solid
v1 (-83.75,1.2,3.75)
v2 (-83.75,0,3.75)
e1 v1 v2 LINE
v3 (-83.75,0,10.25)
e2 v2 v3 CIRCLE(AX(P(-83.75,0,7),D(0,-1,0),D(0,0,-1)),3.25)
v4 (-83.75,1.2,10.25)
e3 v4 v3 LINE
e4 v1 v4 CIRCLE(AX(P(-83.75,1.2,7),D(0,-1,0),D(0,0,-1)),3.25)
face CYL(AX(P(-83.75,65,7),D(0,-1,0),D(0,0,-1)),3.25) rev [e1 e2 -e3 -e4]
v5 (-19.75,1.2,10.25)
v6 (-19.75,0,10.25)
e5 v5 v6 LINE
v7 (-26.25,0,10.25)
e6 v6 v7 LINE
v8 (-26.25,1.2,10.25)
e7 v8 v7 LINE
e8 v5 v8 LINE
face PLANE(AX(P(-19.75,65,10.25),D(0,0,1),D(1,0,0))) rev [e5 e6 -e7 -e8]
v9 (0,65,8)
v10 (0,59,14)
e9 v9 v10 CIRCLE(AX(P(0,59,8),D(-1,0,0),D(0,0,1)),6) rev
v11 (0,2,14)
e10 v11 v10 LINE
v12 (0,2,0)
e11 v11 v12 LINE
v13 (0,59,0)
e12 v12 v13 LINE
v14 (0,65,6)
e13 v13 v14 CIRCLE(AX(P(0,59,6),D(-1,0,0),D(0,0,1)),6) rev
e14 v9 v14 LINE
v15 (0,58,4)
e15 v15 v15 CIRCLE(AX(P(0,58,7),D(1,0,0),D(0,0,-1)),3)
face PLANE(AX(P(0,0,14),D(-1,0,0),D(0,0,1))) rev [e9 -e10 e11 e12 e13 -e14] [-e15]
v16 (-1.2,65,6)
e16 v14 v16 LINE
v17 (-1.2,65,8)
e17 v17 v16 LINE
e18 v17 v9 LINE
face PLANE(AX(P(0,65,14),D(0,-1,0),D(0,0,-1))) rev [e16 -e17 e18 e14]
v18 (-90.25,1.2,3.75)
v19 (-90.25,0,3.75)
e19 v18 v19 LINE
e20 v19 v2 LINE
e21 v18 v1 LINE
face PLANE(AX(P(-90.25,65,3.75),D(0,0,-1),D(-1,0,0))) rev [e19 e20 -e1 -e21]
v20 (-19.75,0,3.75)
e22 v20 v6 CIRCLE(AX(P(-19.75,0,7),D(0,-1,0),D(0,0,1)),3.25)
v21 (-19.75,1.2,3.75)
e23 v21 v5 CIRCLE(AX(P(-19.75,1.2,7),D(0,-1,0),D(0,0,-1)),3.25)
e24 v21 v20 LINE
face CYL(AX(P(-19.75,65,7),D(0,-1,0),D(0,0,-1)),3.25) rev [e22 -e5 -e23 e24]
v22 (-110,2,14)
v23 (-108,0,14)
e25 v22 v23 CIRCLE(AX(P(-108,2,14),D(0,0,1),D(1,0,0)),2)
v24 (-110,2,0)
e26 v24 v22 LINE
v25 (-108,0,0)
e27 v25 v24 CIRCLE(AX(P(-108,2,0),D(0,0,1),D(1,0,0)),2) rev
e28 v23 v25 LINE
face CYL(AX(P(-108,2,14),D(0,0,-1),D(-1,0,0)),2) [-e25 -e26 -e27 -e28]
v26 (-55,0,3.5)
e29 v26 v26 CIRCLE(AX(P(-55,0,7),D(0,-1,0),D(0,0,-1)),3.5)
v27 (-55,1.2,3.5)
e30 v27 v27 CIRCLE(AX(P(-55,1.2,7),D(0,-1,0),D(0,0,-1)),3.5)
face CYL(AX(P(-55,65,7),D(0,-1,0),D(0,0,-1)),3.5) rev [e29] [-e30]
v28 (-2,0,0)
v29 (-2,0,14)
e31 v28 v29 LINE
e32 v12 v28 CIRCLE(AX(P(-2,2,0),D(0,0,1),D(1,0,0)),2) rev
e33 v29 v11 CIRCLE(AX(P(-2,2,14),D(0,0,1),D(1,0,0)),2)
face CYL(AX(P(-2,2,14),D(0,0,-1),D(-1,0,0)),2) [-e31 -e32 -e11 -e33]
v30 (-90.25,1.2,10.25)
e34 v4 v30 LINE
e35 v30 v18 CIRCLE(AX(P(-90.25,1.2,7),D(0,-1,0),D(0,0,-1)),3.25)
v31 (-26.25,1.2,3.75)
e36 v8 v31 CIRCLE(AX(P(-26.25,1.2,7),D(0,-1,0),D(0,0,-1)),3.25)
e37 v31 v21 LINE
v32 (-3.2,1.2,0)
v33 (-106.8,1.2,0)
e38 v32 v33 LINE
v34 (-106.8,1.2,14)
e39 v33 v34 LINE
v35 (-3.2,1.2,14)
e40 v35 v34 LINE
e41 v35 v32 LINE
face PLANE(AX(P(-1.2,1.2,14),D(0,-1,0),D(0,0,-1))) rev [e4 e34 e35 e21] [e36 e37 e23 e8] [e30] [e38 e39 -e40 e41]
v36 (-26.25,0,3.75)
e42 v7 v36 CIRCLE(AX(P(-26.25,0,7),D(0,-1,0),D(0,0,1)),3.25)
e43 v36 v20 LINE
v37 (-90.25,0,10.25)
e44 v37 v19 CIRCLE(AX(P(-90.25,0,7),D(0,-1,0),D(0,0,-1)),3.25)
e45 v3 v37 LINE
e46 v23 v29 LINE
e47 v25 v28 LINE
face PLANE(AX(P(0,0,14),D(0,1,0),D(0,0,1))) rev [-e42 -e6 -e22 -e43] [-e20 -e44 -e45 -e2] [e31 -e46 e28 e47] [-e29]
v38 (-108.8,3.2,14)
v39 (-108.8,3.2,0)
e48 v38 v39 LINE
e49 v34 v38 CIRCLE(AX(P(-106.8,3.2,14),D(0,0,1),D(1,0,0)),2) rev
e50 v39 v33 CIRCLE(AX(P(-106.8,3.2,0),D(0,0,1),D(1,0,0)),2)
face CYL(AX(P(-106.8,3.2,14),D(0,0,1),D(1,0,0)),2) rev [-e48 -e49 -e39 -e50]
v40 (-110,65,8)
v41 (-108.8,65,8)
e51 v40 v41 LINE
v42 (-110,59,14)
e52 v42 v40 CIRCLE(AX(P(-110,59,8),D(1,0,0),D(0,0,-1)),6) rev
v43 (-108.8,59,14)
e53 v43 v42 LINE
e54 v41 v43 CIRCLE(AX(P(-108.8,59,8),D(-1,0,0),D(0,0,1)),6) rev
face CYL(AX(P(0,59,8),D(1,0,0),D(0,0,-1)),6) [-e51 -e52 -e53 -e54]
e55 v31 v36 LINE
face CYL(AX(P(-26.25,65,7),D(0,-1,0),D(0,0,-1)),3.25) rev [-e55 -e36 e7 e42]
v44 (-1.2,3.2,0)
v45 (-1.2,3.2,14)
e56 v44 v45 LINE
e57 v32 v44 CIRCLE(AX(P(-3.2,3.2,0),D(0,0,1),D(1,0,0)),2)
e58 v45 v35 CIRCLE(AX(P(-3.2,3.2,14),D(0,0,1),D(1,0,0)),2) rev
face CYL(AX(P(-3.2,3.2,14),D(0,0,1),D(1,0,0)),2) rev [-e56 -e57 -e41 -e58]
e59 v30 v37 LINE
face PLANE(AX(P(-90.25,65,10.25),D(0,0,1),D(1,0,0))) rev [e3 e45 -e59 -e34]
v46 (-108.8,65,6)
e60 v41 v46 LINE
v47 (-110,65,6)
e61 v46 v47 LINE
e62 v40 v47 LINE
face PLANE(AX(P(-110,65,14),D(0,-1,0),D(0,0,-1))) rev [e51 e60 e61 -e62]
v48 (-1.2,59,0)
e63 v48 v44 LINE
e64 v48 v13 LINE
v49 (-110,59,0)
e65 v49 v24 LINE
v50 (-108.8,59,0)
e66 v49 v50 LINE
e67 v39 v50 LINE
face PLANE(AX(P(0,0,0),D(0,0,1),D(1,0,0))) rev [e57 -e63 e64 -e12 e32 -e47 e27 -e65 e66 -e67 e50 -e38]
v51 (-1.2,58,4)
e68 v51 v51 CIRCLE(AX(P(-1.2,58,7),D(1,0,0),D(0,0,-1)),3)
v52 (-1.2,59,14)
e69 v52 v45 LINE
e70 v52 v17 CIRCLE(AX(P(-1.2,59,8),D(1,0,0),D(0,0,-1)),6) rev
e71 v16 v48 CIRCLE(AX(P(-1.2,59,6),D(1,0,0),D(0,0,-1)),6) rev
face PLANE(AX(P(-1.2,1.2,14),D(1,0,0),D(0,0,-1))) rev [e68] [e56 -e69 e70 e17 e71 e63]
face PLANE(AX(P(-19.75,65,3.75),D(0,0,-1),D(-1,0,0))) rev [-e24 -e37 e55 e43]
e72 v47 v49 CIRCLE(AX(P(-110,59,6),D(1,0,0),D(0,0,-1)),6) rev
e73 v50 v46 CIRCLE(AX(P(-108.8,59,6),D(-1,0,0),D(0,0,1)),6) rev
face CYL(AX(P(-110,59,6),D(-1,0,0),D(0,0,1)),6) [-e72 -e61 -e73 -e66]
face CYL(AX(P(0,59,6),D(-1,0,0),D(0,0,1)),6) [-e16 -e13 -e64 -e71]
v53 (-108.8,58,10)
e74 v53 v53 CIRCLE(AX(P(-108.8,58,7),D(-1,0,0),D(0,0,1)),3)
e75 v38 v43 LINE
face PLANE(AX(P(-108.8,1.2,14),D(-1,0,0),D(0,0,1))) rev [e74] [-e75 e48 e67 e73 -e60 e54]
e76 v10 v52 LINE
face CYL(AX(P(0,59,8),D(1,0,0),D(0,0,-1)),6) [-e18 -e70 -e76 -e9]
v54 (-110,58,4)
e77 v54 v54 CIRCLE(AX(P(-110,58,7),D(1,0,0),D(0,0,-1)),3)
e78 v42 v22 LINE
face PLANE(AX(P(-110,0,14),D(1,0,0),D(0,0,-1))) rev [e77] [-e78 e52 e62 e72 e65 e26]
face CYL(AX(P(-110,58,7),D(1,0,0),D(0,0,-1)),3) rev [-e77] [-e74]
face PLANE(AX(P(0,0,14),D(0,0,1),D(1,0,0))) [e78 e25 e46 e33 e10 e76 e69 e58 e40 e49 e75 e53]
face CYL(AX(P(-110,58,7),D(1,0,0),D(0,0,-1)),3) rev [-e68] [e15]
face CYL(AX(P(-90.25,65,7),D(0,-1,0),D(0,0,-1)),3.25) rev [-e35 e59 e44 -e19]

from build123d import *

# Parameters (mm, degrees)
AUFSATZ_LINEAR_AUSTRAGEN1_DEPTH = 14
VERRUNDUNG1_R                   = 2
SKIZZE2_R                       = 3
SCHNITT_LINEAR_AUSTRAGEN1_DEPTH = 129.534042183
VERRUNDUNG2_R                   = 6
SKIZZE3_R                       = 3.5
SCHNITT_LINEAR_AUSTRAGEN2_DEPTH = 129.534042183


with BuildPart() as part:
    # Skizze1 → Aufsatz-Linear austragen1 (new body)
    with BuildSketch(Plane.XY):
        Polygon((0, 0), (-110, 0), (-110, 65), (-108.8, 65), (-108.8, 1.2), (-1.2, 1.2), (-1.2, 65), (0, 65), align=None)
    extrude(amount=AUFSATZ_LINEAR_AUSTRAGEN1_DEPTH)

    # Verrundung1
    verrundung1_edges = [part.edges().sort_by_distance(p)[0] for p in [
        (0, 0, 7),
        (-110, 0, 7),
        (-108.8, 1.2, 7),
        (-1.2, 1.2, 7),
    ]]
    fillet(verrundung1_edges, radius=VERRUNDUNG1_R)

    # Skizze2 → Schnitt-Linear austragen1 (cut, through all)
    with BuildSketch(Plane(origin=(0, 0, 0), x_dir=(0, 0, -1), z_dir=(1, 0, 0))):
        with Locations((-7, 58)):
            Circle(SKIZZE2_R)
    extrude(amount=-SCHNITT_LINEAR_AUSTRAGEN1_DEPTH, mode=Mode.SUBTRACT)

    # Verrundung2
    verrundung2_edges = [part.edges().sort_by_distance(p)[0] for p in [
        (-0.6, 65, 0),
        (-109.4, 65, 14),
        (-0.6, 65, 14),
        (-109.4, 65, 0),
    ]]
    fillet(verrundung2_edges, radius=VERRUNDUNG2_R)

    # Skizze3 → Schnitt-Linear austragen2 (cut, through all)
    with BuildSketch(Plane(origin=(0, 0, 0), x_dir=(-1, 0, 0), z_dir=(0, -1, 0))):
        with Locations(Location((55, -7, 0), (0, 0, 90))):
            Circle(SKIZZE3_R)
        with BuildLine():
            Line((90.25, -10.25), (83.75, -10.25))
            ThreePointArc((83.75, -10.25), (80.5, -7), (83.75, -3.75))
            Line((83.75, -3.75), (90.25, -3.75))
            ThreePointArc((90.25, -3.75), (93.5, -7), (90.25, -10.25))
        make_face()
        with BuildLine():
            Line((19.75, -10.25), (26.25, -10.25))
            ThreePointArc((26.25, -10.25), (29.5, -7), (26.25, -3.75))
            Line((26.25, -3.75), (19.75, -3.75))
            ThreePointArc((19.75, -3.75), (16.5, -7), (19.75, -10.25))
        make_face()
    extrude(amount=-SCHNITT_LINEAR_AUSTRAGEN2_DEPTH, mode=Mode.SUBTRACT)


solid = part.part
